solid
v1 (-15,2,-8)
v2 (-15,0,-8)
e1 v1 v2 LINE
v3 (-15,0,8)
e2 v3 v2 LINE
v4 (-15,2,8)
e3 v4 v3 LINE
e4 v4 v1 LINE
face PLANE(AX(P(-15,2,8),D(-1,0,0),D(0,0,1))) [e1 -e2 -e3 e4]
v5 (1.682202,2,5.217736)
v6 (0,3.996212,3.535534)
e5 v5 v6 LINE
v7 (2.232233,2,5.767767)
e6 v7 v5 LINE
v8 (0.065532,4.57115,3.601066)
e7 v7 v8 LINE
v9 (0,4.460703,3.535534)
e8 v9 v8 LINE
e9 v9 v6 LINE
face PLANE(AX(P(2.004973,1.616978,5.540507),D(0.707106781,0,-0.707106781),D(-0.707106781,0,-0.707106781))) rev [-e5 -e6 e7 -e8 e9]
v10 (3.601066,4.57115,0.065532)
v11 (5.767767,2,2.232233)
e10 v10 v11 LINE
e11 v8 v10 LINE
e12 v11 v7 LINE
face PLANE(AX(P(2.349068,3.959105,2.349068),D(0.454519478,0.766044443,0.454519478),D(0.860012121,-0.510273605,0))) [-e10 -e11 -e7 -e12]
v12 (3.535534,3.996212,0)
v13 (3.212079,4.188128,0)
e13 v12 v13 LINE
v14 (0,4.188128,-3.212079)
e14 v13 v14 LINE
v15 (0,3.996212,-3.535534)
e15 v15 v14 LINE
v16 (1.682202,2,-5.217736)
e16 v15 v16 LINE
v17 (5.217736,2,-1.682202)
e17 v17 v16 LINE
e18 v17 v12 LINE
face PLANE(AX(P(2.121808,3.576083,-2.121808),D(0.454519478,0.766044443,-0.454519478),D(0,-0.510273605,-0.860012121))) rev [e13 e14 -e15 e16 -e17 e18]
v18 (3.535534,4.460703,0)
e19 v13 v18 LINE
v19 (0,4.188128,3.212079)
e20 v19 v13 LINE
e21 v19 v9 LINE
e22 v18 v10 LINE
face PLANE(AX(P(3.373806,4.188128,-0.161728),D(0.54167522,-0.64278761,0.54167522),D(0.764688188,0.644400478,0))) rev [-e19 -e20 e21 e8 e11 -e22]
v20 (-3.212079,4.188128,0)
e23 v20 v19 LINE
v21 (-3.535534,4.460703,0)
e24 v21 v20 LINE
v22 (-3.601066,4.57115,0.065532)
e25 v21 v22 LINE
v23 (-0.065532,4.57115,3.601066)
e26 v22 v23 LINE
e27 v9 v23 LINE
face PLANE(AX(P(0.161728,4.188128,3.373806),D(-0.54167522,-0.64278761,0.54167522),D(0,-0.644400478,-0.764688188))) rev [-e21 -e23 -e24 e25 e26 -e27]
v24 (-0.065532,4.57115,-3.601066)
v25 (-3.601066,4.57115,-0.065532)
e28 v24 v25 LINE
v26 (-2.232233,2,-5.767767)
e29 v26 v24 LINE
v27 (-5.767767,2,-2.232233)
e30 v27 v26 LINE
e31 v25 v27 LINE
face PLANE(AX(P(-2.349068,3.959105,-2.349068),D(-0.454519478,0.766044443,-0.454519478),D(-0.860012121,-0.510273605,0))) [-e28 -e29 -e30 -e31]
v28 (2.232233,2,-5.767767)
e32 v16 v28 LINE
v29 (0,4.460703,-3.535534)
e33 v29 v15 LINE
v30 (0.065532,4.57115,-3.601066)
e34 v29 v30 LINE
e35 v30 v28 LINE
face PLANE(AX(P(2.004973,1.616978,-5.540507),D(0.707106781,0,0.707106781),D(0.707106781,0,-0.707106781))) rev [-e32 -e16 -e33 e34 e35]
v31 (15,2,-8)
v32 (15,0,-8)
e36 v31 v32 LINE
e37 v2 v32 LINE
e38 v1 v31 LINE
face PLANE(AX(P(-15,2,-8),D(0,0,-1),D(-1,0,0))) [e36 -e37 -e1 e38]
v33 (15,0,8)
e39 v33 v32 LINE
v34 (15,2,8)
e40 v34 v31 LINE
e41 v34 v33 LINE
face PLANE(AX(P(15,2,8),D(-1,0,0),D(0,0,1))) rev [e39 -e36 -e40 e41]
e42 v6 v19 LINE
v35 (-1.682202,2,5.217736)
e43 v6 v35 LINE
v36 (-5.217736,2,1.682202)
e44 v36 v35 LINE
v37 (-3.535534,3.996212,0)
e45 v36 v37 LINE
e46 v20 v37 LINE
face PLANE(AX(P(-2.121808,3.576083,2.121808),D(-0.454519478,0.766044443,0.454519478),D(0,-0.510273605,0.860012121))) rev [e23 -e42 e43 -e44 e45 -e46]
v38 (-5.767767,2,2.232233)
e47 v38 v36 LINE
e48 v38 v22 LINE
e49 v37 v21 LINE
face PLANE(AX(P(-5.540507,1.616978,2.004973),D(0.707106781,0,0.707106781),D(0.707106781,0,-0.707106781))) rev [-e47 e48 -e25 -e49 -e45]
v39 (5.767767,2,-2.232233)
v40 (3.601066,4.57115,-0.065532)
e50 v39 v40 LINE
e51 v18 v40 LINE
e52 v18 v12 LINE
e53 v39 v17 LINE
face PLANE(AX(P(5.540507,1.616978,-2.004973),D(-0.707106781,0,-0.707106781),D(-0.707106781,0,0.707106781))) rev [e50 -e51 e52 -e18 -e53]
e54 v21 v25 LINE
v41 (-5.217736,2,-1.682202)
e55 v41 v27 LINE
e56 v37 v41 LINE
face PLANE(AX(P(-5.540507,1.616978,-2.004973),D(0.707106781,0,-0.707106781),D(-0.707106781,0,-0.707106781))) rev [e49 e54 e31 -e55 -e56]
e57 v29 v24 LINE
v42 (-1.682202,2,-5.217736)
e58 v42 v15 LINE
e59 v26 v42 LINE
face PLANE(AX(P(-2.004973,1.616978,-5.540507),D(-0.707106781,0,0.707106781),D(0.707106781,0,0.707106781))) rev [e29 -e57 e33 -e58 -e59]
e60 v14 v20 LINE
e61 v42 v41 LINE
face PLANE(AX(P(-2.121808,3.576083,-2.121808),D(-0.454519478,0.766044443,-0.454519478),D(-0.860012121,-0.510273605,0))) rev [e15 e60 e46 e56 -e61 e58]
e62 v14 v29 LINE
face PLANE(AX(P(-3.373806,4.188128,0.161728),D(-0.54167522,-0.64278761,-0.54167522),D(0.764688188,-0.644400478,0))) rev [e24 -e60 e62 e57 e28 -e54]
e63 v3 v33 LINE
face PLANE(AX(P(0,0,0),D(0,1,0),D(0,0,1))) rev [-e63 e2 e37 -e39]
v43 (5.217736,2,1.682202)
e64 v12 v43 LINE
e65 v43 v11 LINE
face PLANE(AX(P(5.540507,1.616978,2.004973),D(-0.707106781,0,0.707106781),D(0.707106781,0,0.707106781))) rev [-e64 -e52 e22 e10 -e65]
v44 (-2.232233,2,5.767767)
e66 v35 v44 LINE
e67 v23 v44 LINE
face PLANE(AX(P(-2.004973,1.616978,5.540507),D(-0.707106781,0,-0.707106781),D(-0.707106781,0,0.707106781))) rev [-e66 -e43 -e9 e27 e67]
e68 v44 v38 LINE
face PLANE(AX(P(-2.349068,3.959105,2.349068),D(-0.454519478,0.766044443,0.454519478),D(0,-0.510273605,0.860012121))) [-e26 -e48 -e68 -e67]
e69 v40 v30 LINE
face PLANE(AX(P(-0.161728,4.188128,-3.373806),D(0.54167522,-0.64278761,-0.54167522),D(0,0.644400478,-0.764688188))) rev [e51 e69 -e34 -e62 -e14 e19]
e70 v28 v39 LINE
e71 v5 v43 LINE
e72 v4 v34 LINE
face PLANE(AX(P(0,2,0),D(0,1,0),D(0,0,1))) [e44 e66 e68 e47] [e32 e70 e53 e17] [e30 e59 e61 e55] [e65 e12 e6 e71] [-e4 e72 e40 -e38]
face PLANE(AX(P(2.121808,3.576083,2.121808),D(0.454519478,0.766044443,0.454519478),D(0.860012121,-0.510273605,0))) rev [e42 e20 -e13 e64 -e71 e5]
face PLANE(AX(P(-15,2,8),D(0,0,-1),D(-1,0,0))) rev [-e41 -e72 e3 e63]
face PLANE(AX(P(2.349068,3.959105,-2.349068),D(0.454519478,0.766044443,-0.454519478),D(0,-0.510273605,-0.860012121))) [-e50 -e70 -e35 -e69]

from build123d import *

# Parameters (mm, degrees)
SKETCH1_W           = 30
SKETCH1_H           = 16
BOSS_EXTRUDE1_DEPTH = 2
SKETCH4_W           = 5
SKETCH4_H           = 4
BOSS_EXTRUDE2_DEPTH = 0.5
CIRPATTERN1_COUNT   = 4


with BuildPart() as part:
    # Sketch1 → Boss-Extrude1 (new body)
    with BuildSketch(Plane(origin=(0, 0, 0), x_dir=(1, 0, 0), z_dir=(0, 1, 0))):
        Rectangle(SKETCH1_W, SKETCH1_H)
    extrude(amount=BOSS_EXTRUDE1_DEPTH)

    # Sketch4 → Boss-Extrude2 (add)
    with BuildSketch(Plane(origin=(-2.349067885, 3.959105139, 2.349067885), x_dir=(0.7071067811865479, 0, 0.7071067811865471), z_dir=(0.4545194776720462, -0.7660444431189748, -0.4545194776720467))):
        with Locations((0, 1.047826544)):
            Rectangle(SKETCH4_W, SKETCH4_H)
    boss_extrude2 = extrude(amount=BOSS_EXTRUDE2_DEPTH)

    # CirPattern1: Boss-Extrude2 ×4 about axis
    cirpattern1_axis = Axis((0, 0, 0), (0, 1, 0))
    for i in range(1, CIRPATTERN1_COUNT):
        add(boss_extrude2.rotate(cirpattern1_axis, i * 360 / CIRPATTERN1_COUNT))


solid = part.part
